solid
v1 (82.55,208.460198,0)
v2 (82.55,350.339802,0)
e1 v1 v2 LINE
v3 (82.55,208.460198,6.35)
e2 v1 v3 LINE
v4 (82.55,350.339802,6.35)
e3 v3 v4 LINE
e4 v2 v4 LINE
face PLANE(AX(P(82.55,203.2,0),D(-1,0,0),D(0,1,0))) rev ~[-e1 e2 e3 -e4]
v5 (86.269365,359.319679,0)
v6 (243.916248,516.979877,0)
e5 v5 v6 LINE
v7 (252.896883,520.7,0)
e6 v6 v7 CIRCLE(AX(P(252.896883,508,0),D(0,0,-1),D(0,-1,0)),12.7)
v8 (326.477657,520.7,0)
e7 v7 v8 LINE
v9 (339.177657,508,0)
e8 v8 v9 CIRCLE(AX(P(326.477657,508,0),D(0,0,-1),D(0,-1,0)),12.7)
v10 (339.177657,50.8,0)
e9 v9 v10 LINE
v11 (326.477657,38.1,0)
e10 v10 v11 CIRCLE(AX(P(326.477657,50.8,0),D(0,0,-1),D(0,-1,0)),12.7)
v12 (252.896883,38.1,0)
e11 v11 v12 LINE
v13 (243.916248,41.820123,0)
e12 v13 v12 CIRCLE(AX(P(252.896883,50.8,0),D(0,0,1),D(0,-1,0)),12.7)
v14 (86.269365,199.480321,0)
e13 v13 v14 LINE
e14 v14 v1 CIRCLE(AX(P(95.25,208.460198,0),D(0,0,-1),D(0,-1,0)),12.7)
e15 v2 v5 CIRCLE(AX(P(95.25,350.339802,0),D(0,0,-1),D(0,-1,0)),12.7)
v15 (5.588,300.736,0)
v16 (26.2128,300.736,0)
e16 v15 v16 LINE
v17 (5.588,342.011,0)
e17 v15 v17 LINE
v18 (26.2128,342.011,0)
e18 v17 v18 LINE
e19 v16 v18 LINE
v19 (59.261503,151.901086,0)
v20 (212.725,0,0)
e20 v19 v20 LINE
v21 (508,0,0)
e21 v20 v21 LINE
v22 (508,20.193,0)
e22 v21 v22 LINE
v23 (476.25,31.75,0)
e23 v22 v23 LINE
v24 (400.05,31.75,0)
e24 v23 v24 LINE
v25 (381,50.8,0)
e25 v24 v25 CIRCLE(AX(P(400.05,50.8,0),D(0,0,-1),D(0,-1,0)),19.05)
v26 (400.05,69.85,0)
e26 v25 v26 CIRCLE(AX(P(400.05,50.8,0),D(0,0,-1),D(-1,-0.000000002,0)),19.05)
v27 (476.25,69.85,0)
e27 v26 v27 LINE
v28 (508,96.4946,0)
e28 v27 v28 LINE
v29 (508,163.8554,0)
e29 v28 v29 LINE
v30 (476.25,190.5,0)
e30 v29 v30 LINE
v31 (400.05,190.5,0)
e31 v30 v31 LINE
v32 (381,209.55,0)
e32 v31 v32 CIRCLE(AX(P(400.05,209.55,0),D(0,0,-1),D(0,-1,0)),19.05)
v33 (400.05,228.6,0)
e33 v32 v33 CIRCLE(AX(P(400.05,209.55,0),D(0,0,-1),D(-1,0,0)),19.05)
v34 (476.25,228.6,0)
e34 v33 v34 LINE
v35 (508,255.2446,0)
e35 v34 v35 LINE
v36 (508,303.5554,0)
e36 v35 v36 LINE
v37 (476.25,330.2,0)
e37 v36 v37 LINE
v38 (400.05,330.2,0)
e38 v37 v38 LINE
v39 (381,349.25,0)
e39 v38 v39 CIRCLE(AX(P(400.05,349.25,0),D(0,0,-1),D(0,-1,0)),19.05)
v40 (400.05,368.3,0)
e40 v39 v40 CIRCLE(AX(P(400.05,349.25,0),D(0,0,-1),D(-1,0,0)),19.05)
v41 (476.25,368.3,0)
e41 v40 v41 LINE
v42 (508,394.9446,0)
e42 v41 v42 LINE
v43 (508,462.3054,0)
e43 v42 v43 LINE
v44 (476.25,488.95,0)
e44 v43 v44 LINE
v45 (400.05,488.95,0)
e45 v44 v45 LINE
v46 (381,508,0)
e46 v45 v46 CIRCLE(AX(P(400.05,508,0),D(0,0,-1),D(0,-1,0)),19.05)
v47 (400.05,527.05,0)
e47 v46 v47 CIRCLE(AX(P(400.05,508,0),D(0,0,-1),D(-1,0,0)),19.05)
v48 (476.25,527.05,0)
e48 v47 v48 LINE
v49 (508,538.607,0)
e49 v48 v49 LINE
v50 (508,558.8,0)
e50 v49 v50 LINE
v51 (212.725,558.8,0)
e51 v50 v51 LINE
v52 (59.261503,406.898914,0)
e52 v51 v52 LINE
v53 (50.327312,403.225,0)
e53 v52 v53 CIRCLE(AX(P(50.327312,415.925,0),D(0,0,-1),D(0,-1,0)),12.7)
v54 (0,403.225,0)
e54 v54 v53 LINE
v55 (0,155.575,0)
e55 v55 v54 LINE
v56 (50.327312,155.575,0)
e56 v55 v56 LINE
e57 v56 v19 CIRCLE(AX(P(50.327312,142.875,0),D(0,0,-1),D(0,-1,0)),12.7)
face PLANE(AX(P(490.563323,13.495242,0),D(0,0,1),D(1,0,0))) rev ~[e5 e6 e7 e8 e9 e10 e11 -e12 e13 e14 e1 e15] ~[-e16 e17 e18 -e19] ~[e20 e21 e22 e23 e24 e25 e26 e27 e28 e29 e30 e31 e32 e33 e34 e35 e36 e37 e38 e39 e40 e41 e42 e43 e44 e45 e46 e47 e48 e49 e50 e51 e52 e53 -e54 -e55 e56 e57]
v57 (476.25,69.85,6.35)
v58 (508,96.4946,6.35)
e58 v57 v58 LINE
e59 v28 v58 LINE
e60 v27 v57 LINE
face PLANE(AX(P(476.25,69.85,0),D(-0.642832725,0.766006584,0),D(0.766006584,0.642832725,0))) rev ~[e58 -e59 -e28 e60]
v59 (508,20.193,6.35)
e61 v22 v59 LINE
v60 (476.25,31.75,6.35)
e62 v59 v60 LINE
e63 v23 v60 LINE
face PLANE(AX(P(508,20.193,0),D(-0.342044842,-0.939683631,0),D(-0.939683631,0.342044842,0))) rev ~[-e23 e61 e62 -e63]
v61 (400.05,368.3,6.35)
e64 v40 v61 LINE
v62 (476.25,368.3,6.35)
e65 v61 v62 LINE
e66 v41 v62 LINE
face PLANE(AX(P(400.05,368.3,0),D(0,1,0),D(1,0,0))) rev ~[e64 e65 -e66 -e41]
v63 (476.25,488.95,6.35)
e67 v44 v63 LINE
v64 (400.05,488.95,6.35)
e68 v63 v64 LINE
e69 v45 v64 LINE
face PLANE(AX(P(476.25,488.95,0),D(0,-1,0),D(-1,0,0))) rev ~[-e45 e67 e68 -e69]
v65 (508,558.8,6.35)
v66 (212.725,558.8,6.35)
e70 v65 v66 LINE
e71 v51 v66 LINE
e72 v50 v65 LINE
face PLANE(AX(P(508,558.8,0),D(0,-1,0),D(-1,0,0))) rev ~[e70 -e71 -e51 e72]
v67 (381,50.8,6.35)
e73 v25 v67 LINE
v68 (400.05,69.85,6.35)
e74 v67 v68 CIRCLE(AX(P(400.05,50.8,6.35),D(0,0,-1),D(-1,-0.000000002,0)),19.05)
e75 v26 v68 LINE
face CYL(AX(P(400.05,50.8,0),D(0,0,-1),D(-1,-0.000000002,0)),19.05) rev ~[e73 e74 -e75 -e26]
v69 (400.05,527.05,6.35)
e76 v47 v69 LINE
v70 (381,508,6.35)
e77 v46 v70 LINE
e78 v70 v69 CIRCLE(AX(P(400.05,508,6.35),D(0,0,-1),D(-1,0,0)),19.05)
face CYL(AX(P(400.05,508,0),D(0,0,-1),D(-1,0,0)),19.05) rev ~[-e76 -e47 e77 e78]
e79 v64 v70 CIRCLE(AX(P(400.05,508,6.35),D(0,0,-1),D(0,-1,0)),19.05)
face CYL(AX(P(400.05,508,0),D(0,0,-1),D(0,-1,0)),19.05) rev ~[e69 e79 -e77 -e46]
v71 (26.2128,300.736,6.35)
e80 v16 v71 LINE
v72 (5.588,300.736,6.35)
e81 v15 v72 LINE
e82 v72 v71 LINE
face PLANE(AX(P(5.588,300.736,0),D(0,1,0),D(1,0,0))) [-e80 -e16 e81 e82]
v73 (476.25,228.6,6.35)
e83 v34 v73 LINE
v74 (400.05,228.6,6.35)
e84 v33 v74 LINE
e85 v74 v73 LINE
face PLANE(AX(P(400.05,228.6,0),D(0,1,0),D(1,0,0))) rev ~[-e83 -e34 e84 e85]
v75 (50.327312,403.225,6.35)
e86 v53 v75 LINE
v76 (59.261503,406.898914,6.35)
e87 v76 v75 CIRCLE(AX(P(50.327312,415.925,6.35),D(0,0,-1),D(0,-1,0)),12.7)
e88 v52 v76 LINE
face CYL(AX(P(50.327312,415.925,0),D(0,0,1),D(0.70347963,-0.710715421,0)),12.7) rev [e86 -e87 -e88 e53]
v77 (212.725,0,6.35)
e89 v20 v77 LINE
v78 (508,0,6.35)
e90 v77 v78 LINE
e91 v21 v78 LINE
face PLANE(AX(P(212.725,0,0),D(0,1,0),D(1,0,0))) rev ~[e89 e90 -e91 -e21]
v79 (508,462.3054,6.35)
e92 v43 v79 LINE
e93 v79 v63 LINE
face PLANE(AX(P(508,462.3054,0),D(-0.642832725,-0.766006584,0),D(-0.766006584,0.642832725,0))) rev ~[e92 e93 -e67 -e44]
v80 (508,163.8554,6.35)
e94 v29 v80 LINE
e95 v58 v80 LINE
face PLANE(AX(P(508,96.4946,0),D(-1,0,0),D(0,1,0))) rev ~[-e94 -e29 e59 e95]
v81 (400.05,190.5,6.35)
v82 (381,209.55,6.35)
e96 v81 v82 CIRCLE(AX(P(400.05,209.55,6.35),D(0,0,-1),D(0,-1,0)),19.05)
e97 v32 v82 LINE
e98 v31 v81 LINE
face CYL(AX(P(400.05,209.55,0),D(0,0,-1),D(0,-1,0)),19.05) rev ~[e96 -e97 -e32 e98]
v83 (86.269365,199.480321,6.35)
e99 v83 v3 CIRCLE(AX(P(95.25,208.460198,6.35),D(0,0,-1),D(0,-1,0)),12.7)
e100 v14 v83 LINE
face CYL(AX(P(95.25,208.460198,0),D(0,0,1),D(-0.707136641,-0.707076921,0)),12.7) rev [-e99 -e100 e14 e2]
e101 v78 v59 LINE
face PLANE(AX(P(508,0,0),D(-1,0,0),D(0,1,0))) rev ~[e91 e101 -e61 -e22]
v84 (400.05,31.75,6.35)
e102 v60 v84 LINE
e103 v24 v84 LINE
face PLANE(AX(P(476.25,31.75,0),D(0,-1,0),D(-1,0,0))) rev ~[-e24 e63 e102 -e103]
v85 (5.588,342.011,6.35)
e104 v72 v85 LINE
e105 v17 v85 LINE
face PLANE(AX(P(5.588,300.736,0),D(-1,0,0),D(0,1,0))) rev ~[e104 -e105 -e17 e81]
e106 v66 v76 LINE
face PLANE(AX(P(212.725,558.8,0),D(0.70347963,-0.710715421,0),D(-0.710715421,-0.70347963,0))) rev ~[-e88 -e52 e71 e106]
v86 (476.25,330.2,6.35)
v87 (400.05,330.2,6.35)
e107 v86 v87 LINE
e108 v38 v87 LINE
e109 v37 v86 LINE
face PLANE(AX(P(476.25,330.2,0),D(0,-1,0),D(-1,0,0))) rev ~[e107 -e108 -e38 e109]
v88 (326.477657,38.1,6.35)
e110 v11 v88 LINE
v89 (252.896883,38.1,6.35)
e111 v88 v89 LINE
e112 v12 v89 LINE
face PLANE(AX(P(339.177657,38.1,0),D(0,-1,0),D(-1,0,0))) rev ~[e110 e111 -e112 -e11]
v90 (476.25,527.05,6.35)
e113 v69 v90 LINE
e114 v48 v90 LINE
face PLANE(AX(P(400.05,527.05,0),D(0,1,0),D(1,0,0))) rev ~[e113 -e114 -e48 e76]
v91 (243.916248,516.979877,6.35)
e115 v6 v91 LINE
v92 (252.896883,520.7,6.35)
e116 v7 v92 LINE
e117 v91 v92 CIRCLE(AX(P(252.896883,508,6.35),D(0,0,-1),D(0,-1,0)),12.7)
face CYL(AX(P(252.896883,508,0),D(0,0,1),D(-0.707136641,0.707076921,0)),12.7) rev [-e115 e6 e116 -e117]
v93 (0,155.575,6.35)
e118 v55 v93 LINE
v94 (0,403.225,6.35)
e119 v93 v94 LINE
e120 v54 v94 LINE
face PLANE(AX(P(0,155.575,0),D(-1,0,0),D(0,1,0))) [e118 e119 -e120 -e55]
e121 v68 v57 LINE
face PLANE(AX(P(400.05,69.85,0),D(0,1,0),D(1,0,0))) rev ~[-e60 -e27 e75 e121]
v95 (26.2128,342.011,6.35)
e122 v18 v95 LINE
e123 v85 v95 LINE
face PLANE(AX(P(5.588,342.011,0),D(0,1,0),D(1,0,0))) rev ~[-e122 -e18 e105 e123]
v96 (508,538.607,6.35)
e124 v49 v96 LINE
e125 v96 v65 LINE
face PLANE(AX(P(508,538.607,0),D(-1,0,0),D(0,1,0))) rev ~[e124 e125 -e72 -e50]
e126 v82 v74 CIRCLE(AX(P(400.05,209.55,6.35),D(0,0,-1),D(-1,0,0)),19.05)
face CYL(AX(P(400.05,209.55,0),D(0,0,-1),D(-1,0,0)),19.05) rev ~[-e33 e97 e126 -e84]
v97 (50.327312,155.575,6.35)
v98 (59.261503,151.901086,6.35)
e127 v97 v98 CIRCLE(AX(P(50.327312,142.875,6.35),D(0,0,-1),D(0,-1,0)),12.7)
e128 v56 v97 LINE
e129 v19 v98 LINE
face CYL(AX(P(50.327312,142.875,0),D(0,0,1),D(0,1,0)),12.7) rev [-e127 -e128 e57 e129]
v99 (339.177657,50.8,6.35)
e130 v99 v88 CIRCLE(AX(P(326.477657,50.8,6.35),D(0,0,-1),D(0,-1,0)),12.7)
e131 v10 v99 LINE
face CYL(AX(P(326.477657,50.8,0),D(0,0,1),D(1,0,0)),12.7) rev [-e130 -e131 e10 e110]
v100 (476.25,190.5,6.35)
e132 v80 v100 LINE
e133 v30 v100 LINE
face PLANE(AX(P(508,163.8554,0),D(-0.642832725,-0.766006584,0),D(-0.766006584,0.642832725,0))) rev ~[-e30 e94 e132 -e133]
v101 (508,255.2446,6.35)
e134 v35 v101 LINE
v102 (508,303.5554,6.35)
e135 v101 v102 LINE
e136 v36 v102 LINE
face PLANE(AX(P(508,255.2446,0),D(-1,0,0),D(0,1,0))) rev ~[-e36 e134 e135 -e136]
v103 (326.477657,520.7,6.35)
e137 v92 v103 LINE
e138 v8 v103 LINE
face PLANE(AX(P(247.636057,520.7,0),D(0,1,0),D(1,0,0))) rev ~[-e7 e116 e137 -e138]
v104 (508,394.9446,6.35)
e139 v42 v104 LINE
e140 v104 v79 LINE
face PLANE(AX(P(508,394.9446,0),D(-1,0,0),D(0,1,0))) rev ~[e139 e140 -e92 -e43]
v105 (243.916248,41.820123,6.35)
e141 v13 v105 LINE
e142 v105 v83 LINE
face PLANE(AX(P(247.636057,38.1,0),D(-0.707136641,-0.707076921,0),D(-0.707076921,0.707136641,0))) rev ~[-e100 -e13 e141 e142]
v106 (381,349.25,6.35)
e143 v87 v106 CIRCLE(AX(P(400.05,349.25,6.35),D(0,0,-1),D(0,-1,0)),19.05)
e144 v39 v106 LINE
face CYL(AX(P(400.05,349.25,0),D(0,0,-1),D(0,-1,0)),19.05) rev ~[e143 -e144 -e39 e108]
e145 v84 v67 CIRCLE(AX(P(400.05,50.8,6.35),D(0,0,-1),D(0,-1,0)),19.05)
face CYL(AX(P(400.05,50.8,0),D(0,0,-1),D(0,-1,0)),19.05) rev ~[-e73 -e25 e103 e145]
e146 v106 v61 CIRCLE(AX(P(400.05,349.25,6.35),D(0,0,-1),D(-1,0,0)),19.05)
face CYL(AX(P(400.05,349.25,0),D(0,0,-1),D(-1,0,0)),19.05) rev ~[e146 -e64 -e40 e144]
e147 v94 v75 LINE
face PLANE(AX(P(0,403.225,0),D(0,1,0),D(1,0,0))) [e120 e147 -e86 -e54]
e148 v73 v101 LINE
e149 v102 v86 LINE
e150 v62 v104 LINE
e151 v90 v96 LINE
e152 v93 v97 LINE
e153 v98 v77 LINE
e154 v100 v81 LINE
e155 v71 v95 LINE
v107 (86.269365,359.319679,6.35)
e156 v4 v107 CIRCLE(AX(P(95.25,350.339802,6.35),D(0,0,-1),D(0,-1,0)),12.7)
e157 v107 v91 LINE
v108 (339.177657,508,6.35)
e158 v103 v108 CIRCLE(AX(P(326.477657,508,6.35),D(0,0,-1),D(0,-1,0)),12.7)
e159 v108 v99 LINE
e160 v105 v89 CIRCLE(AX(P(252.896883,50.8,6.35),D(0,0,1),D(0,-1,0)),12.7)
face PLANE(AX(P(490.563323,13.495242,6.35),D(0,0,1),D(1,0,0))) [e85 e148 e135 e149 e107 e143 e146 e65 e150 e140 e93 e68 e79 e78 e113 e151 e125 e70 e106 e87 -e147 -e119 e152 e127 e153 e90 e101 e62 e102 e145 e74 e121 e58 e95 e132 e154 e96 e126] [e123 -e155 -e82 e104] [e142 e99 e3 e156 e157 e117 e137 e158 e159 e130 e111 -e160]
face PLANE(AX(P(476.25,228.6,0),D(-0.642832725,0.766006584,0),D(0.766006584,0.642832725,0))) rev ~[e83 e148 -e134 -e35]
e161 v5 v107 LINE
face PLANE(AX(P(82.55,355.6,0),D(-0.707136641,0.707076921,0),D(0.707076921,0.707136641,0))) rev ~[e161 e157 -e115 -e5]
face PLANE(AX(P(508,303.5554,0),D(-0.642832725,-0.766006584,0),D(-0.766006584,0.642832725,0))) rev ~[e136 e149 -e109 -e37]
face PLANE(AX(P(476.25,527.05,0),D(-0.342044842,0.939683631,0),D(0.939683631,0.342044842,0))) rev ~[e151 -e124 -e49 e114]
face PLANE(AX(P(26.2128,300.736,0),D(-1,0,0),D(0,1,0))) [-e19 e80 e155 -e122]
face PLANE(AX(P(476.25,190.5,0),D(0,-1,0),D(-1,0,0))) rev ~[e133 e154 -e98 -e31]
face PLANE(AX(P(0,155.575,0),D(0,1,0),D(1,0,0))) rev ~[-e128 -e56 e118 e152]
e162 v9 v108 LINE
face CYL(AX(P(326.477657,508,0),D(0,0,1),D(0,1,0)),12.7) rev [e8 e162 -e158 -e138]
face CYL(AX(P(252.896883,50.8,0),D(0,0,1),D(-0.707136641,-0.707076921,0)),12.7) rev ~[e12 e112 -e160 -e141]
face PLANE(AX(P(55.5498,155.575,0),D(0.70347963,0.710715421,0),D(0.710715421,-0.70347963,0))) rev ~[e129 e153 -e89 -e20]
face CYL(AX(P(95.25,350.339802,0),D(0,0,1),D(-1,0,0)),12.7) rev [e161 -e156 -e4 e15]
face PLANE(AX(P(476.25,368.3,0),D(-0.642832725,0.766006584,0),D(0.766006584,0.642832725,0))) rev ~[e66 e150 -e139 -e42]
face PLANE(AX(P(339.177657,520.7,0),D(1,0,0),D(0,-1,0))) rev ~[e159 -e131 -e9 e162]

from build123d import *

# Parameters (mm, degrees)
F0_W     = 55.5498
F0_H     = 247.65
F0_W_2   = 20.6248
F0_H_2   = 41.275
F1_DEPTH = 6.35
F2_R     = 12.7


with BuildPart() as f1:
    # F0 (on Top) → F1 (new body)
    with BuildSketch(Plane.XY):
        Polygon((476.25, 31.75), (476.25, 0), (508, 0), (508, 20.193), align=None)
        Polygon((508, 558.8), (476.25, 558.8), (476.25, 527.05), (508, 538.607), align=None)
        with Locations((27.7749, 279.4)):
            Rectangle(F0_W, F0_H)
        with Locations((15.9004, 321.3735)):
            Rectangle(F0_W_2, F0_H_2, mode=Mode.SUBTRACT)
        Polygon((476.25, 190.5), (476.25, 69.85), (508, 96.4946), (508, 163.8554), align=None)
        Polygon((476.25, 330.2), (476.25, 228.6), (508, 255.2446), (508, 303.5554), align=None)
        Polygon((476.25, 488.95), (476.25, 368.3), (508, 394.9446), (508, 462.3054), align=None)
        with BuildLine():
            Line((381, 50.7999999586), (381, 0))
            Line((381, 0), (476.25, 0))
            Line((476.25, 0), (476.25, 31.75))
            Line((476.25, 31.75), (400.05, 31.75))
            ThreePointArc((400.05, 31.75), (386.579615833, 37.3296158038), (381, 50.7999999586))
        make_face()
        with BuildLine():
            Line((476.25, 558.8), (381, 558.8))
            Line((381, 558.8), (381, 508))
            ThreePointArc((381, 508), (386.5796158184, 521.4703841816), (400.05, 527.05))
            Line((400.05, 527.05), (476.25, 527.05))
            Line((476.25, 527.05), (476.25, 558.8))
        make_face()
        Polygon((55.5498, 155.575), (212.725, 0), (212.725, 73.014005367), (82.55, 203.2), (82.55, 355.6), (212.725, 485.785994633), (212.725, 558.8), (55.5498, 403.225), align=None)
        Polygon((212.725, 73.014005367), (212.725, 0), (381, 0), (381, 50.7999999586), (381, 209.55), (381, 349.25), (381, 508), (381, 558.8), (212.725, 558.8), (212.725, 485.785994633), (247.6360567651, 520.7), (339.1776567651, 520.7), (339.1776567651, 38.1), (247.6360567651, 38.1), align=None)
        with BuildLine():
            Line((381, 508), (381, 349.25))
            ThreePointArc((381, 349.25), (386.5796158184, 362.7203841816), (400.05, 368.3))
            Line((400.05, 368.3), (476.25, 368.3))
            Line((476.25, 368.3), (476.25, 488.95))
            Line((476.25, 488.95), (400.05, 488.95))
            ThreePointArc((400.05, 488.95), (386.5796158184, 494.5296158184), (381, 508))
        make_face()
        with BuildLine():
            Line((381, 349.25), (381, 209.55))
            ThreePointArc((381, 209.55), (386.5796158184, 223.0203841816), (400.05, 228.6))
            Line((400.05, 228.6), (476.25, 228.6))
            Line((476.25, 228.6), (476.25, 330.2))
            Line((476.25, 330.2), (400.05, 330.2))
            ThreePointArc((400.05, 330.2), (386.5796158184, 335.7796158184), (381, 349.25))
        make_face()
        with BuildLine():
            Line((381, 209.55), (381, 50.7999999586))
            ThreePointArc((381, 50.7999999586), (386.5796158038, 64.270384167), (400.05, 69.85))
            Line((400.05, 69.85), (476.25, 69.85))
            Line((476.25, 69.85), (476.25, 190.5))
            Line((476.25, 190.5), (400.05, 190.5))
            ThreePointArc((400.05, 190.5), (386.5796158184, 196.0796158184), (381, 209.55))
        make_face()
    extrude(amount=F1_DEPTH)

    # F2
    f2_edges = [f1.edges().sort_by_distance(p)[0] for p in [
        (339.177657, 520.7, 3.175),
        (339.177657, 38.1, 3.175),
        (247.636057, 38.1, 3.175),
        (82.55, 203.2, 3.175),
        (82.55, 355.6, 3.175),
        (247.636057, 520.7, 3.175),
        (55.5498, 155.575, 3.175),
        (55.5498, 403.225, 3.175),
    ]]
    fillet(f2_edges, radius=F2_R)


solid = f1.part
